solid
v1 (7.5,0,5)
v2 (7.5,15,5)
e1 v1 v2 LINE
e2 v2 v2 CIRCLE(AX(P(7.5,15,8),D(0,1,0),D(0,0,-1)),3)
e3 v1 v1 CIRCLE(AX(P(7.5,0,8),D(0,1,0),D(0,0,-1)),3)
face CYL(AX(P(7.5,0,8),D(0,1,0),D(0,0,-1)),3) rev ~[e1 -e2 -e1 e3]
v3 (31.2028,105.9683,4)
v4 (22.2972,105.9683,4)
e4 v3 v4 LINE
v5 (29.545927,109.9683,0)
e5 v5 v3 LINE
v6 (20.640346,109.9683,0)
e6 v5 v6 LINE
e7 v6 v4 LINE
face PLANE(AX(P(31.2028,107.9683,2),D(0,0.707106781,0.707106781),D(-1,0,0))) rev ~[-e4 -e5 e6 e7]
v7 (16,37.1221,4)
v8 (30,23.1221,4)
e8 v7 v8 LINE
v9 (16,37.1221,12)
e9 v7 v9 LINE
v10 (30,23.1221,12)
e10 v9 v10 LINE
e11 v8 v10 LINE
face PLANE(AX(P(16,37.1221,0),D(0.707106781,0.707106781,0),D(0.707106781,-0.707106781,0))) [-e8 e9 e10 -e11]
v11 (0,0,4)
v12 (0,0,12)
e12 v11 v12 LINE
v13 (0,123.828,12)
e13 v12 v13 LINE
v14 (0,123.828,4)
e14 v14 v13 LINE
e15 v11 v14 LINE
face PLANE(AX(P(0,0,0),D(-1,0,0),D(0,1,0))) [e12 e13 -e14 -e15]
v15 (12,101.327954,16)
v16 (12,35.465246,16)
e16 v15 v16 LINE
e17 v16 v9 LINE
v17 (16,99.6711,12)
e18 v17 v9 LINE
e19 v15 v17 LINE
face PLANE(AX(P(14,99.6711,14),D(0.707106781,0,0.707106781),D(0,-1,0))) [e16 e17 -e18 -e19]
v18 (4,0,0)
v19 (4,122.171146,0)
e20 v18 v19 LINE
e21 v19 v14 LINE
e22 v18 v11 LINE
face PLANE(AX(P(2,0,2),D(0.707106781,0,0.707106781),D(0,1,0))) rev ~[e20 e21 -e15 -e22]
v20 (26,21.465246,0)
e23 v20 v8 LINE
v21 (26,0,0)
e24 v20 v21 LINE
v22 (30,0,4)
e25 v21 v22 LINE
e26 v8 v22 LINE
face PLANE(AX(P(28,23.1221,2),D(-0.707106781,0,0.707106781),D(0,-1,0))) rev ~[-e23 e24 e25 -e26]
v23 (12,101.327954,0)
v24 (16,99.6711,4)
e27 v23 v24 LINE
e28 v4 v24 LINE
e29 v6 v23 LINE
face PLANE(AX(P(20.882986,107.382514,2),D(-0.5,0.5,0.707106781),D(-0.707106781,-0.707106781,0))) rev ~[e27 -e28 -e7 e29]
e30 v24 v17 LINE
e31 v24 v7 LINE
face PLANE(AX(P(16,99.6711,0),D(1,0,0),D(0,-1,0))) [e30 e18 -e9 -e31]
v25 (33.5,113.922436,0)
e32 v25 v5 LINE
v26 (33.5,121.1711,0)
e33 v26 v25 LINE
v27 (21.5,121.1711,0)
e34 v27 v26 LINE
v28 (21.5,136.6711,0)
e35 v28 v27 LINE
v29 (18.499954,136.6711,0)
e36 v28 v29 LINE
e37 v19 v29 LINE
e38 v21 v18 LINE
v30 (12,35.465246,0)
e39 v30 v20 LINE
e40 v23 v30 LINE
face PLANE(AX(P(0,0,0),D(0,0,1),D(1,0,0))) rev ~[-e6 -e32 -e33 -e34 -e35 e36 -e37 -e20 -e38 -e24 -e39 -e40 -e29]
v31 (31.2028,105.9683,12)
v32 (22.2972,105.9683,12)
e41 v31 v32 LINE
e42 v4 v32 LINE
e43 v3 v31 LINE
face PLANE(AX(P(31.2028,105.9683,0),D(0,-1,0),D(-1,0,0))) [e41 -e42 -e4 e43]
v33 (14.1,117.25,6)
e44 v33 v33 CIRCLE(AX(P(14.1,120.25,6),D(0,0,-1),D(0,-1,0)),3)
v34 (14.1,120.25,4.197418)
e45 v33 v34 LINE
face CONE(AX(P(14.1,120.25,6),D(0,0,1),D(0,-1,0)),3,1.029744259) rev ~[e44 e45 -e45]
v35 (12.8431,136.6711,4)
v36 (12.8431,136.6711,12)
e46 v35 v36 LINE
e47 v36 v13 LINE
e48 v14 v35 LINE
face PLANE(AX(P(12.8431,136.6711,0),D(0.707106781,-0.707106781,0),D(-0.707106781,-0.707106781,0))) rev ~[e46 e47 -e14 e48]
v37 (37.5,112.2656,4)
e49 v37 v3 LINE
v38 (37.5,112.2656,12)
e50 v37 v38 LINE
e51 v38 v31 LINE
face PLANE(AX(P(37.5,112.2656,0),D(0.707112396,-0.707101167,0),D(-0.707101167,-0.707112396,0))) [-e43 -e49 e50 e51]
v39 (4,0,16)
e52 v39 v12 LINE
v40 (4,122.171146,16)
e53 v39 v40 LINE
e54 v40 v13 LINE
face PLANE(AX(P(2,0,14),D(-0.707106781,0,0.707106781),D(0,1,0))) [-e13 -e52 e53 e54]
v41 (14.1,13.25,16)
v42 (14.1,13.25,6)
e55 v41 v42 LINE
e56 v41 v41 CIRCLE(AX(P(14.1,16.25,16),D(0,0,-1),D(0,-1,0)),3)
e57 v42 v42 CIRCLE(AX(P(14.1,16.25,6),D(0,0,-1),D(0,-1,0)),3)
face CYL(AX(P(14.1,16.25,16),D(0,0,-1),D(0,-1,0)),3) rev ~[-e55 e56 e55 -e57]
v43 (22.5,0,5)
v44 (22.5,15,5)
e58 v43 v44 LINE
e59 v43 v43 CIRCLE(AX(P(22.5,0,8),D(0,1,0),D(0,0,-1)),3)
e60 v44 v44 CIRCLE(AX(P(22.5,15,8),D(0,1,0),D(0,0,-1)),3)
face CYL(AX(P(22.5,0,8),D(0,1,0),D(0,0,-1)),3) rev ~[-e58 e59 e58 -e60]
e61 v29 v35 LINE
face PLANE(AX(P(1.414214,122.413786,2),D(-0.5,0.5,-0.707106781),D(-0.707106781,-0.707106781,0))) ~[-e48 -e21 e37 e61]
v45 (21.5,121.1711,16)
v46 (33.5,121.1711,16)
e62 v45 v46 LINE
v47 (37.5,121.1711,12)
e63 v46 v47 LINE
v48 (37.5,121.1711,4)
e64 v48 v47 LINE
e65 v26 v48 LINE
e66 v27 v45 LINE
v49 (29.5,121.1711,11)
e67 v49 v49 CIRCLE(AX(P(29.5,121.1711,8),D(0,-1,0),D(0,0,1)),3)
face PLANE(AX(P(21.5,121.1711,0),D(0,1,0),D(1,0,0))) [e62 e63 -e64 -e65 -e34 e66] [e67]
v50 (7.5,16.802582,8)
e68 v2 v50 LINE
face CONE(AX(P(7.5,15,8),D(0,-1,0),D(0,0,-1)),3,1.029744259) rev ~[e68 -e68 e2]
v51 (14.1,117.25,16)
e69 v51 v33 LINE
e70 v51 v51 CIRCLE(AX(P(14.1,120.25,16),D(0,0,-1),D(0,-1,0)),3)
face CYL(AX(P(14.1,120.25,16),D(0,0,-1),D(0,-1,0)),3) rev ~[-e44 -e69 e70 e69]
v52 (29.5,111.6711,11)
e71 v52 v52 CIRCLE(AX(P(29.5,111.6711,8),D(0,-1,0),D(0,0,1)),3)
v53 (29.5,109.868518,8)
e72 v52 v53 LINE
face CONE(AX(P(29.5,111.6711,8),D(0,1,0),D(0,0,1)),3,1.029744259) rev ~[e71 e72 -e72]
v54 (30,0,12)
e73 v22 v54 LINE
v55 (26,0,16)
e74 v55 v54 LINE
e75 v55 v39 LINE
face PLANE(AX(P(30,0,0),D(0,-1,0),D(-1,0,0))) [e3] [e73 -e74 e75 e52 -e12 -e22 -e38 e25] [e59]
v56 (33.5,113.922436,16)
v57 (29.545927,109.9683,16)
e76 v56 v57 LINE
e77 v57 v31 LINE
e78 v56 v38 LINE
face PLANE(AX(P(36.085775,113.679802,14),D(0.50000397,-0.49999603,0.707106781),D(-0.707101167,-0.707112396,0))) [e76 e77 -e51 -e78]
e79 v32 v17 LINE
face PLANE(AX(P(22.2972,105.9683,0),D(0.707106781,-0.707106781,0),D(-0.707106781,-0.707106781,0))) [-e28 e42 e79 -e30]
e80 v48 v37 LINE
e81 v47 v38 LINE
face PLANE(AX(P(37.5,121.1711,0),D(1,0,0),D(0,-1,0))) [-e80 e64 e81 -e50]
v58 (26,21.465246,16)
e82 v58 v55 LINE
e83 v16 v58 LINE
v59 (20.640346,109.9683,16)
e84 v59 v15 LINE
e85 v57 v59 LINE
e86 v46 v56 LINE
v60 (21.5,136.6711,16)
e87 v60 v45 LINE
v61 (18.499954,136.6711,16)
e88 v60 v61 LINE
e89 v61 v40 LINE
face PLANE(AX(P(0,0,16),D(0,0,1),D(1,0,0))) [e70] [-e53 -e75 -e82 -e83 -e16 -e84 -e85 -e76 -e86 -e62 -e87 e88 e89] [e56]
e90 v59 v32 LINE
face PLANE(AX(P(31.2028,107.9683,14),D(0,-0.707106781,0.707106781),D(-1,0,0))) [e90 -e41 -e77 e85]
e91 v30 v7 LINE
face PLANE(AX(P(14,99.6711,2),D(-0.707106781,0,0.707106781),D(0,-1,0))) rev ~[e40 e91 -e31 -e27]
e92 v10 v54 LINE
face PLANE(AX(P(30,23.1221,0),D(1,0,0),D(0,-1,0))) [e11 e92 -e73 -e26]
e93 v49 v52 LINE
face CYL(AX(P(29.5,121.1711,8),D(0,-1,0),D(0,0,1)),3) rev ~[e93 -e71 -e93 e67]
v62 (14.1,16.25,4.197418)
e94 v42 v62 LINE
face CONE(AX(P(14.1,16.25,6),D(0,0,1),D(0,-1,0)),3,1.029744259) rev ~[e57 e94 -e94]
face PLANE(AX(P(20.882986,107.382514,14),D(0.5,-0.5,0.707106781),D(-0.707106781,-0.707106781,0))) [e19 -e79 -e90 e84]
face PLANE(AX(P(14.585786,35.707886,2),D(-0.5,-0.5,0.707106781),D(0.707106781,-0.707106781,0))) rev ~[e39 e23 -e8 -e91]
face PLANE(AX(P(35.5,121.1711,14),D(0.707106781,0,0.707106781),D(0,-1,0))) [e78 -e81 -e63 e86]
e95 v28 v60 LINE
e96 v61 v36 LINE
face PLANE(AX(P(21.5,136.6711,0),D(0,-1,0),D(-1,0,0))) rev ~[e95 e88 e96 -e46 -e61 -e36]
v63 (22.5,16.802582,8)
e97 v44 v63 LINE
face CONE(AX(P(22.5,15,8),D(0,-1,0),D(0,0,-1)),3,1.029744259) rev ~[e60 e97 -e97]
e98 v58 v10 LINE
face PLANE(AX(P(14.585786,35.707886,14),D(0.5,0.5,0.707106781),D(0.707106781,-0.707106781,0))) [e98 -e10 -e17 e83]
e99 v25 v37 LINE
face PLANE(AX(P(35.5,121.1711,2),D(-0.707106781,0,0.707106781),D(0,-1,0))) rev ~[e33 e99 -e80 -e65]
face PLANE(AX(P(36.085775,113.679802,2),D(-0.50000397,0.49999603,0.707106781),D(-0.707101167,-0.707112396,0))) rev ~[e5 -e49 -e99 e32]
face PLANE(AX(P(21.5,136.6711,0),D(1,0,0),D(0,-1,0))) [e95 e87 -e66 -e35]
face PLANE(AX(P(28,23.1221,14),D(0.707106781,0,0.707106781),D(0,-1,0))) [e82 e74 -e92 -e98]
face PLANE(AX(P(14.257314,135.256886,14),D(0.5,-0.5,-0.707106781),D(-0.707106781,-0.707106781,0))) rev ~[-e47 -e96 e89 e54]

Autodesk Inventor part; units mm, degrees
ref_plane "YZ Plane" through (0, 0, 0) normal (1, 0, 0) x (0, 1, 0)
sketch "Sketch1" plane through (0, 0, 0) normal (0, 0, 1) x (1, 0, 0)
  line L0 (37.5, 112.2656) -> (37.5, -3.3598) construction
  line L1 (37.5, 136.6711) -> (12.8431, 136.6711)
  line L2 (12.8431, 136.6711) -> (3.4308, 127.2588)
  line L3 (21.5, 136.6711) -> (21.5, 121.1711)
  line L4 (21.5, 121.1711) -> (37.5, 121.1711)
  line L5 (7.5005, 125.6717) -> (18.5, 136.6711) construction
  circle A0 centre (74.25, 61.25) radius 56.25 construction
  line L6 (37.5, 121.1711) -> (111, 121.1711) construction
  line L7 (111, 121.1711) -> (111, 150.3493) construction
  line L8 (111, 150.3493) -> (37.5, 150.3493) construction
  line L9 (37.5, 150.3493) -> (37.5, 121.1711) construction
  line L10 (37.5, 112.2656) -> (31.2028, 105.9683)
  line L11 (31.2028, 105.9683) -> (22.2972, 105.9683)
  line L12 (22.2972, 105.9683) -> (16, 99.6711)
  line L13 (16, 99.6711) -> (16, 37.1221)
  line L14 (16, 37.1221) -> (30, 23.1221)
  line L15 (30, 23.1221) -> (30, 0)
  line L16 (30, 0) -> (0, 0)
  line L17 (0, 0) -> (0, 123.828)
  line L18 (3.4308, 127.2588) -> (0, 123.828)
  line L19 (18, 73.8677) -> (18, 48.6323) construction
  line L20 (83.3625, 5) -> (65.1375, 5) construction
  line L21 (37.5, 121.1711) -> (37.5, 136.6711)
  line L22 (37.5, 121.1711) -> (37.5, 112.2656)
  line L23 (35.2471, 20.7034) -> (29.4259, 26.5246) construction
  point P0 (19.5296, 140.85)
  point P1 (74.25, 121.1711)
  point P2 (18, 61.25)
  point P3 (74.25, 5)
  dimension "d32" = 15.5
  dimension "d33" = 16
  dimension "d34" = 8.6569
  dimension "d38" = 4
  dimension "d39" = 3
  dimension "d65" = 112.5
  dimension "d66" = 70.293
  dimension "d67" = 73.5
  dimension "d70" = 45
  dimension "d71" = 16
  dimension "d72" = 2
  dimension "d73" = 5
  dimension "d74" = 30
  dimension "d75" = 2
extrude "Extrusion2" add sketch "Sketch1" along normal blind 16 contours L3 L4 L22 L10 L11 L12 L13 L14 L15 L16 L17 L18 L2 L1
ref_plane "Work Plane3" through (21.5, 121.1711, 16) normal (0, 1, 0) x (1, 0, 0)
sketch "Sketch4" plane through (21.5, 121.1711, 16) normal (0, 1, 0) x (1, 0, 0)
  circle A0 centre (8, 8) radius 3
  line L0 (16, 16) -> (0, 16) projected
  line L1 (16, 16) -> (16, 0) projected
  point P0 (-21.5, 16)
  point P1 (16, 8)
  point P2 (8, 16)
  dimension "d76" = 6
hole "Hole1" at (29.5, 121.1711, 8) direction (0, -1, 0) diameter 6 depth 9.5 tip angle 118
ref_plane "Work Plane2" through (4, 0, 0) normal (0, -1, 0) x (1, 0, 0)
sketch "Sketch5" plane through (4, 0, 0) normal (0, -1, 0) x (1, 0, 0)
  circle A0 centre (3.5, 8) radius 3
  line L0 (11, 48.9313) -> (11, 41.3239)
  circle A1 centre (18.5, 8) radius 3
  line L1 (-4, 0) -> (26, 0) projected
  line L2 (26, 0) -> (26, 16) projected
  point P0 (11, 0)
  point P1 (26, 8)
  dimension "d52" = 6
  dimension "d77" = 15
hole "Hole2" at (7.5, 0, 8) at (22.5, 0, 8) direction (0, 1, 0) diameter 6 depth 15 tip angle 118
thread "Thread4" size "M6x1" class "6H" standard "ANSI Metric M Profile" full length
thread "Thread5" size "M6x1" class "6H" standard "ANSI Metric M Profile" full length
chamfer "Chamfer2" distance 4 angle 45 18 edges at (0, 61.914, 16) (6.4216, 130.2496, 16) (6.4216, 130.2496, 0) (0, 61.914, 0) (34.3514, 109.1169, 0) (26.75, 105.9683, 0) (19.1486, 102.8197, 0) (16, 68.3966, 0) (23, 30.1221, 0) (30, 11.561, 0) (34.3514, 109.1169, 16) (26.75, 105.9683, 16) (19.1486, 102.8197, 16) (16, 68.3966, 16) (23, 30.1221, 16) (30, 11.561, 16) (37.5, 116.7183, 16) (37.5, 116.7183, 0)
sketch "Sketch6" plane through (0, 0, 16) normal (0, 0, 1) x (1, 0, 0)
  circle A0 centre (14.1, 120.25) radius 3
  circle A1 centre (14.1, 16.25) radius 3
  line L0 (4, 0) -> (4, 122.1711) projected
  circle A2 centre (74.25, 61.25) radius 56.25 construction
  circle A3 centre (74.25, 61.25) radius 50 construction
  line L1 (74.25, 111.25) -> (10.3895, 111.25) construction
  line L2 (0, 0) -> (4, 0) projected
  dimension "d88" = 100
  dimension "d85" = 6
  dimension "d86" = 10.1
  dimension "d89" = 9
  dimension "d103" = 104
hole "Hole3" at (14.1, 120.25, 16) at (14.1, 16.25, 16) direction (0, 0, -1) diameter 6 depth 10 tip angle 118
thread "Thread8" size "M6x1" class "6H" standard "ANSI Metric M Profile" full length
thread "Thread9" size "M6x1" class "6H" standard "ANSI Metric M Profile" full length
properties part number "rackstand-v2-left"
